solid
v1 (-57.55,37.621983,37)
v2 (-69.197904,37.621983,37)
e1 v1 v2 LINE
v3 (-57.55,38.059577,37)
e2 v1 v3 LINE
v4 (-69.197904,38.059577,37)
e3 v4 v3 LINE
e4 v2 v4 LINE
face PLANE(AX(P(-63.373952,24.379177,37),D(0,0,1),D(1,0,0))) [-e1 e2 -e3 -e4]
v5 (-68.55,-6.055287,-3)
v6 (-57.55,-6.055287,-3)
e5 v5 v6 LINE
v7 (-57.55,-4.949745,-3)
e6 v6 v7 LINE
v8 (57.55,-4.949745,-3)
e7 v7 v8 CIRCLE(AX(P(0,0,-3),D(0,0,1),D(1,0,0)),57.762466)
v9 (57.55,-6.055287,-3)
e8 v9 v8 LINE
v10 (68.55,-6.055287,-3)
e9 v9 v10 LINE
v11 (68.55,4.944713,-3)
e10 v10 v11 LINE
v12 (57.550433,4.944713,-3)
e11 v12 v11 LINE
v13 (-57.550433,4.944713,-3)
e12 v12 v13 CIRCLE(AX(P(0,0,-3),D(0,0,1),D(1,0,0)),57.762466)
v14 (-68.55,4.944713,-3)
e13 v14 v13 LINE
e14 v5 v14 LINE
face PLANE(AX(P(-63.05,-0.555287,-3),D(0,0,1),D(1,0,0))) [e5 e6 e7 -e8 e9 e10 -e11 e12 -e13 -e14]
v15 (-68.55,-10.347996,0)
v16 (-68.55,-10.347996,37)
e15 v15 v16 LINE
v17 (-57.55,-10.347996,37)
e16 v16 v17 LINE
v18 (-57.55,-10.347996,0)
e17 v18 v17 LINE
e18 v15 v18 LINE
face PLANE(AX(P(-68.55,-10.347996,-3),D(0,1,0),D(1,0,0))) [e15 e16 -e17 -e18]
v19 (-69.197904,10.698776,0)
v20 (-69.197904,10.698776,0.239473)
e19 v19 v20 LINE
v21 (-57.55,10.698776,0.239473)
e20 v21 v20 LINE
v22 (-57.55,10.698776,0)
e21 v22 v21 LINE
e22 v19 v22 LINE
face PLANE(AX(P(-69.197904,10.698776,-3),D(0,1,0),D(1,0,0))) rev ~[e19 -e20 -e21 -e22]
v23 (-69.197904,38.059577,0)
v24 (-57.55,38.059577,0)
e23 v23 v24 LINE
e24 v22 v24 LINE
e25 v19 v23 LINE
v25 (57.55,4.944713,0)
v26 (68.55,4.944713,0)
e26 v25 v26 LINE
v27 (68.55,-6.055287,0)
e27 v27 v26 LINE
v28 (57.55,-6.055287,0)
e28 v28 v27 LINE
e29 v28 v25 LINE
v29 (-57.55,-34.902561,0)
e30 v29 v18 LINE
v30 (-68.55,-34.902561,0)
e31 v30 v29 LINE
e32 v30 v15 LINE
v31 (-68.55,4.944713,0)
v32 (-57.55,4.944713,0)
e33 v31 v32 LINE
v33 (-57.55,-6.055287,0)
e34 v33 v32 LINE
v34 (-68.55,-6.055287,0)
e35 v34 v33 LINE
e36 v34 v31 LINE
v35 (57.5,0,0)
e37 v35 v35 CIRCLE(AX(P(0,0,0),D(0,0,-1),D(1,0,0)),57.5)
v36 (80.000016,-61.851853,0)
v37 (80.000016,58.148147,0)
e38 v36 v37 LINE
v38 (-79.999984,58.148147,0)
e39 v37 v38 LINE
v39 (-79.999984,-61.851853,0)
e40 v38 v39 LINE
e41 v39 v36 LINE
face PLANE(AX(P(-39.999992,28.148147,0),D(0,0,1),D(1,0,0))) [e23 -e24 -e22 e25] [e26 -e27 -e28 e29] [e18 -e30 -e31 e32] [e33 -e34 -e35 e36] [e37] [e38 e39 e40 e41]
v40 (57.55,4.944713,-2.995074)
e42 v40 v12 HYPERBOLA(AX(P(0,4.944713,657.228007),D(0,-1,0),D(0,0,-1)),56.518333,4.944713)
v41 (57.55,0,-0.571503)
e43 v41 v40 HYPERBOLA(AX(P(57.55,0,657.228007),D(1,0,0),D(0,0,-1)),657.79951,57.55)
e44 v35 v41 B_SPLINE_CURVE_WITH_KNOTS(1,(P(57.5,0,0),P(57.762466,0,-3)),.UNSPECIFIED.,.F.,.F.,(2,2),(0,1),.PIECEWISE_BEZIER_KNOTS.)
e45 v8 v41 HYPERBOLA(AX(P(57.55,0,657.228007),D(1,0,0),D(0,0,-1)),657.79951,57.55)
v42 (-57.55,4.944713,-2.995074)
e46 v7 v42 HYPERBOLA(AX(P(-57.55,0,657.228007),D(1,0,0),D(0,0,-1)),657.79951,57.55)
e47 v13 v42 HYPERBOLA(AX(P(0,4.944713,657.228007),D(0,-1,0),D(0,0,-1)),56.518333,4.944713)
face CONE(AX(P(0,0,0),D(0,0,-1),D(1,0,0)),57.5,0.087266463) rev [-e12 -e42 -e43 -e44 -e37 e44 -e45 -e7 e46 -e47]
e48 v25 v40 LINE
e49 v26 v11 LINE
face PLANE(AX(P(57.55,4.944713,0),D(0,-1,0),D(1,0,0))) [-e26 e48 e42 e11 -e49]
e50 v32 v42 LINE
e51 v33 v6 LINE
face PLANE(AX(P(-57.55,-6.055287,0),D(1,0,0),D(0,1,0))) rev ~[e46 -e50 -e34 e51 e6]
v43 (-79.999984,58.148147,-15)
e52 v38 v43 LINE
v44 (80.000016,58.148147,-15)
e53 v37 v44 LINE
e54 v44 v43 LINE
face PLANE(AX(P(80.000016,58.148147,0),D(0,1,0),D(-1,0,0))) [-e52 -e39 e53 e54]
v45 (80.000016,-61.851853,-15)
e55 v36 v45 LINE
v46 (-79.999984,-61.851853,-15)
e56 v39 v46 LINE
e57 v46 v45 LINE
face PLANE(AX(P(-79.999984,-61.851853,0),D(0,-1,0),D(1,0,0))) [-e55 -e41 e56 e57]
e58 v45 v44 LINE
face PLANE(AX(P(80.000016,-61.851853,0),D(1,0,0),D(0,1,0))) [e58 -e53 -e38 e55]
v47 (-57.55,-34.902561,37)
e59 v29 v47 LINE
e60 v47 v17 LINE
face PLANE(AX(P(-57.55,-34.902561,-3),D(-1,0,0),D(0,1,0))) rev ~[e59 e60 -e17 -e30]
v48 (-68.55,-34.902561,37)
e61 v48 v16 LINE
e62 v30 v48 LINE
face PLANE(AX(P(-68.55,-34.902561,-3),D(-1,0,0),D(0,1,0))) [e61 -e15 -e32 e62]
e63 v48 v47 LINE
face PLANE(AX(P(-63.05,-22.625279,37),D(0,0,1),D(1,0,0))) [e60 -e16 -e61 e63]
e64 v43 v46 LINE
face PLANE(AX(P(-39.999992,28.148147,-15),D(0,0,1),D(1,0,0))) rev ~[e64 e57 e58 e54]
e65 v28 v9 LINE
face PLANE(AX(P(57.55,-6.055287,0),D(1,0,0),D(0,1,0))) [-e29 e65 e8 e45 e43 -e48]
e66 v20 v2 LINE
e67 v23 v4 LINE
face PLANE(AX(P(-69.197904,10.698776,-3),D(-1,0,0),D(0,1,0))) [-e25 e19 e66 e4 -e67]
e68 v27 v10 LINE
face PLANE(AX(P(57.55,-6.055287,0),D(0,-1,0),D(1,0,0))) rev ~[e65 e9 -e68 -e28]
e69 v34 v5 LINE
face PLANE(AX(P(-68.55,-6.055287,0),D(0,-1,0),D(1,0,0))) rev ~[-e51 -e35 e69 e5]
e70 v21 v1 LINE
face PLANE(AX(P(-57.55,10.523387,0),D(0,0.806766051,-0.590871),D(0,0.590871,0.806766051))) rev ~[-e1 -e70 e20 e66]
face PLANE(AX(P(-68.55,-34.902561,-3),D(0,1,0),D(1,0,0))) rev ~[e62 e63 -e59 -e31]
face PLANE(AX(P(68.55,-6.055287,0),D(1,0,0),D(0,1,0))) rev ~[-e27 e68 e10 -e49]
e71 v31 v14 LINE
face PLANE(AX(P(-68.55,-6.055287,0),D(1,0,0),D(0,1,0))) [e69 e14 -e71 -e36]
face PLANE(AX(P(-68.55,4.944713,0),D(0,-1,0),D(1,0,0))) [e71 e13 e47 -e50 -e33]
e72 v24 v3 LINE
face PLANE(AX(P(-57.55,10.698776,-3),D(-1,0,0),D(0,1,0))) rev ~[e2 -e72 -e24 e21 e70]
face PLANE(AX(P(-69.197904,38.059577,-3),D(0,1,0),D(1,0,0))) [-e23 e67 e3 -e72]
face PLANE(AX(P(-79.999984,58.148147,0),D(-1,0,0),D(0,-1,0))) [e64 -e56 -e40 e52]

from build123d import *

# Parameters (mm, degrees)
F0_W     = 79.9999842666
F0_H     = 60
F0_W_2   = 80.0000157334
F1_DEPTH = 15
F2_R     = 57.5
F3_DEPTH = 3
F3_TAPER = -5
F4_W     = 11.6479038
F4_H     = 27.360801585
F4_W_2   = 11
F4_H_2   = 11
F4_H_3   = 24.5545655489
F5_DEPTH = 3
F6_DEPTH = 40
F9_DEPTH = 11.6479038


with BuildPart() as f1:
    # F0 (on Top) → F1 (new body)
    with BuildSketch(Plane.XY):
        with Locations((-39.9999921333, 28.1481473105)):
            Rectangle(F0_W, F0_H)
        with Locations((40.0000078667, 28.1481473105)):
            Rectangle(F0_W_2, F0_H)
        with Locations((40.0000078667, -31.8518526895)):
            Rectangle(F0_W_2, F0_H)
        with Locations((-39.9999921333, -31.8518526895)):
            Rectangle(F0_W, F0_H)
    extrude(amount=-F1_DEPTH)

    # F2 (on Top) → F3 (cut)
    with BuildSketch(Plane.XY):
        Circle(F2_R)
    extrude(amount=-F3_DEPTH, taper=F3_TAPER, mode=Mode.SUBTRACT)

    # F4 (on Top) → F5 (cut)
    with BuildSketch(Plane.XY):
        with Locations((-63.3739519, 24.3791765533)):
            Rectangle(F4_W, F4_H)
        with Locations((-63.05, -0.5552865867)):
            Rectangle(F4_W_2, F4_H_2)
        with Locations((-63.05, -22.6252786815)):
            Rectangle(F4_W_2, F4_H_3)
        with Locations((63.05, -0.5552865867)):
            Rectangle(F4_W_2, F4_H_2)
    extrude(amount=-F5_DEPTH, mode=Mode.SUBTRACT)

    # F6 (add): faces of the model
    f6_faces = [f1.faces().sort_by_distance(p)[0] for p in [
        (-63.3739519, 24.3791765533, -3),
        (-63.05, -22.6252786815, -3),
    ]]
    extrude(f6_faces, amount=F6_DEPTH)

    # F8 (on offset) → F9 (cut, through all)
    with BuildSketch(Plane.YZ.offset(-57.55)):
        Polygon((37.8841944039, 37.358019501), (10.5233872309, 37.358019501), (10.5233872309, 0), align=None)
    extrude(amount=-F9_DEPTH, mode=Mode.SUBTRACT)


solid = f1.part
